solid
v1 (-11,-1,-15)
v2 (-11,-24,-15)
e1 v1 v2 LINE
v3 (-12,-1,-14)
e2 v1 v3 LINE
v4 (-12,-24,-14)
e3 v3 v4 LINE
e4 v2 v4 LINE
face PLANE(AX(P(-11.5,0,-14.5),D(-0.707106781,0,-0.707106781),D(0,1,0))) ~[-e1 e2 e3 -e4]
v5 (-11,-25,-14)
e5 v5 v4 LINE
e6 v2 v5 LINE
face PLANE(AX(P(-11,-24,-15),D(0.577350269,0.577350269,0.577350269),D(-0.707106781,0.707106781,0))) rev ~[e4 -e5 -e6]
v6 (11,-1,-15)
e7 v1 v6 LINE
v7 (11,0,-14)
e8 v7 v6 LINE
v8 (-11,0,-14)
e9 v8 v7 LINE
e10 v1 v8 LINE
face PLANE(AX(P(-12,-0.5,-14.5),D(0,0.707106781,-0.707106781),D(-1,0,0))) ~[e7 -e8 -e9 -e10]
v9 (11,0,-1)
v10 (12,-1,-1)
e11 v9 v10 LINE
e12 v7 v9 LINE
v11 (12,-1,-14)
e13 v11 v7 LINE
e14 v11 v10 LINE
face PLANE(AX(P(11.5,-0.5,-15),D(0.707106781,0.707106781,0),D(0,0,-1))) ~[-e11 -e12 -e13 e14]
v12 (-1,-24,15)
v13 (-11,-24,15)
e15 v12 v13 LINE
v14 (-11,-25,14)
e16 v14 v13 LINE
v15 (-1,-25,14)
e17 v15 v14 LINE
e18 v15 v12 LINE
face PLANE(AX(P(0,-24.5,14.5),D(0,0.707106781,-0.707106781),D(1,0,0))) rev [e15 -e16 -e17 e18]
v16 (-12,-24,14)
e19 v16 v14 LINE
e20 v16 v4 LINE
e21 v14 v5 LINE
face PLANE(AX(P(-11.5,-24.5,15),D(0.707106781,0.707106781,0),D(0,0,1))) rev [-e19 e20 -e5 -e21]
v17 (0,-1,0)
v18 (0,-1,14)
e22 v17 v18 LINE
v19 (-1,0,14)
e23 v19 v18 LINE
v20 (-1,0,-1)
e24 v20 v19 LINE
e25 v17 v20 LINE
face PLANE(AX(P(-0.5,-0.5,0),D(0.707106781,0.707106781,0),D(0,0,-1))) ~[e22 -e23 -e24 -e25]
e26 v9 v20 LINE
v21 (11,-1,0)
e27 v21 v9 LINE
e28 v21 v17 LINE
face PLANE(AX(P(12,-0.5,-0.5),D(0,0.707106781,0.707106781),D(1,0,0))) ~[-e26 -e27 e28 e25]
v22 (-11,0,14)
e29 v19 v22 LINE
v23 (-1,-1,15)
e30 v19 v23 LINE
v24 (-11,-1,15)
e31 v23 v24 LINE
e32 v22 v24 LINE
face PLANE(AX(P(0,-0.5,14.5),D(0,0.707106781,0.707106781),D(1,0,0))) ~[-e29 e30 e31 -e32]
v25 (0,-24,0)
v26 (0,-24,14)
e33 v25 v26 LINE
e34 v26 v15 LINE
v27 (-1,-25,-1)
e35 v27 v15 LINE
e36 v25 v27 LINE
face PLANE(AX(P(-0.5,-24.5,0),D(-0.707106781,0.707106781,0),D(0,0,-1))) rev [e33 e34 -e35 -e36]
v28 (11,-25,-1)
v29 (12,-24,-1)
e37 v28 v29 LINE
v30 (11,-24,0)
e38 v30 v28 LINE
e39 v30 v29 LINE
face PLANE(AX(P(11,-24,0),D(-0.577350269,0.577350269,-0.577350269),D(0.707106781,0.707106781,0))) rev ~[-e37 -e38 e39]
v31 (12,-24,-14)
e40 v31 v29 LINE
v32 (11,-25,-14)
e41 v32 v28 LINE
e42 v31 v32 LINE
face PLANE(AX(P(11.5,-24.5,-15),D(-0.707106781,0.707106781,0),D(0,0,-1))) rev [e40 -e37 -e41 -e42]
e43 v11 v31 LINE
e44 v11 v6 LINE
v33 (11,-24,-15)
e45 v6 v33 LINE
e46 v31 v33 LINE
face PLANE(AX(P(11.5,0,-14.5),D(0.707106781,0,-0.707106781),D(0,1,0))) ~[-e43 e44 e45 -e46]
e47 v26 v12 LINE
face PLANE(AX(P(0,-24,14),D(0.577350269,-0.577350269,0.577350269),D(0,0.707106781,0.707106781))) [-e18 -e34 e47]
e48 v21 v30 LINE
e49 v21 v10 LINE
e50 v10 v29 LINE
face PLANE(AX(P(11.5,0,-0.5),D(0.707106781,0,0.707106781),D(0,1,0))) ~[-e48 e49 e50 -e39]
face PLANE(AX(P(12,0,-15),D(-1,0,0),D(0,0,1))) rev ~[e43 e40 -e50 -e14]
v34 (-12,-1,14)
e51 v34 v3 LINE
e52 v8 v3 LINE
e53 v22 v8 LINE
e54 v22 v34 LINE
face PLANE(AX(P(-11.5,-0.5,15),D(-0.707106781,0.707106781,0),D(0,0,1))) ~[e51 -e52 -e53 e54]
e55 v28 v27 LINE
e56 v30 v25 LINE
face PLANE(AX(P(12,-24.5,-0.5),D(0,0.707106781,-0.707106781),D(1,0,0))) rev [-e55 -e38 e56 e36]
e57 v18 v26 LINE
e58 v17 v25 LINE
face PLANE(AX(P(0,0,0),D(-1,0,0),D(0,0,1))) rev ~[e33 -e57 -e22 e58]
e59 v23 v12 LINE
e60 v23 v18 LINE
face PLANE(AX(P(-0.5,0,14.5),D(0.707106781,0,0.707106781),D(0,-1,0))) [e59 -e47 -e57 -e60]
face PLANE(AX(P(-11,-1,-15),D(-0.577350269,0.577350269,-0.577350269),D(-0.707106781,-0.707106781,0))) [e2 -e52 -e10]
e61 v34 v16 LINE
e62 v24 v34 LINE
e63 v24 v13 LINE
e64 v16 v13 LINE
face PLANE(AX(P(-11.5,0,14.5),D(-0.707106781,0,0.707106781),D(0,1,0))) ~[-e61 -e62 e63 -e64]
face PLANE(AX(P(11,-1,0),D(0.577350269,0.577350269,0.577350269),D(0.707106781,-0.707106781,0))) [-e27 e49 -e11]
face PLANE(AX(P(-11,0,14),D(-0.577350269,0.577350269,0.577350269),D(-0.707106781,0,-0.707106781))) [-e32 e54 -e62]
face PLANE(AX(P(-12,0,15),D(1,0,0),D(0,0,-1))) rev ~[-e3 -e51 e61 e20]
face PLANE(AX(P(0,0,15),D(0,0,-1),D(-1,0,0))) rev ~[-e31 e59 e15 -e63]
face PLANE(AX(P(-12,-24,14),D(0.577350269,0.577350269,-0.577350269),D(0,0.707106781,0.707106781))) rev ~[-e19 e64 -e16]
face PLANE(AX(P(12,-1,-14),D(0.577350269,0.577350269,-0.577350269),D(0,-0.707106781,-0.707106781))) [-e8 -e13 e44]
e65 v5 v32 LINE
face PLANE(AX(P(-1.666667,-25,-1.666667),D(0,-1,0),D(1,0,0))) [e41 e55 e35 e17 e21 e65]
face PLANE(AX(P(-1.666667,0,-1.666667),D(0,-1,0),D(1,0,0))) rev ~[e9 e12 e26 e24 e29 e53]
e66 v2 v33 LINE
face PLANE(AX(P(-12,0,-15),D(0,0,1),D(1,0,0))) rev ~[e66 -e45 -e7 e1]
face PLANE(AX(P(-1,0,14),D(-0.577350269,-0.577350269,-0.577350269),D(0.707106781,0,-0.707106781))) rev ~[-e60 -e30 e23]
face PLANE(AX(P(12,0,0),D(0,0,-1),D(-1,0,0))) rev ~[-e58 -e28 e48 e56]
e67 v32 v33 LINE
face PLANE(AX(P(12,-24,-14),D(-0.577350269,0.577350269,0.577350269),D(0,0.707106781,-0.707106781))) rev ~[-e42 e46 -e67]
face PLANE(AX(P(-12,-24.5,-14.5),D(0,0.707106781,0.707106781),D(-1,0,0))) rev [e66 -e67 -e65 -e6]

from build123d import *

# Parameters (mm, degrees)
F1_DEPTH = 25
F2_SIZE  = 1


with BuildPart() as f1:
    # F0 (on Front) → F1 (new body)
    with BuildSketch(Plane.XZ):
        Polygon((0, 15), (-12, 15), (-12, 0), (-12, -15), (12, -15), (12, 0), (0, 0), align=None)
    extrude(amount=F1_DEPTH)

    # F2
    f2_edges = [f1.edges().sort_by_distance(p)[0] for p in [
        (-6, -25, 15),
        (-12, -25, 0),
        (0, -25, -15),
        (12, -25, -7.5),
        (6, -25, 0),
        (0, -25, 7.5),
        (0, -12.5, 15),
        (-12, -12.5, 15),
        (-6, 0, 15),
        (-12, 0, 0),
        (0, 0, -15),
        (12, 0, -7.5),
        (6, 0, 0),
        (0, 0, 7.5),
        (-12, -12.5, -15),
        (12, -12.5, -15),
        (12, -12.5, 0),
    ]]
    chamfer(f2_edges, length=F2_SIZE)


solid = f1.part
